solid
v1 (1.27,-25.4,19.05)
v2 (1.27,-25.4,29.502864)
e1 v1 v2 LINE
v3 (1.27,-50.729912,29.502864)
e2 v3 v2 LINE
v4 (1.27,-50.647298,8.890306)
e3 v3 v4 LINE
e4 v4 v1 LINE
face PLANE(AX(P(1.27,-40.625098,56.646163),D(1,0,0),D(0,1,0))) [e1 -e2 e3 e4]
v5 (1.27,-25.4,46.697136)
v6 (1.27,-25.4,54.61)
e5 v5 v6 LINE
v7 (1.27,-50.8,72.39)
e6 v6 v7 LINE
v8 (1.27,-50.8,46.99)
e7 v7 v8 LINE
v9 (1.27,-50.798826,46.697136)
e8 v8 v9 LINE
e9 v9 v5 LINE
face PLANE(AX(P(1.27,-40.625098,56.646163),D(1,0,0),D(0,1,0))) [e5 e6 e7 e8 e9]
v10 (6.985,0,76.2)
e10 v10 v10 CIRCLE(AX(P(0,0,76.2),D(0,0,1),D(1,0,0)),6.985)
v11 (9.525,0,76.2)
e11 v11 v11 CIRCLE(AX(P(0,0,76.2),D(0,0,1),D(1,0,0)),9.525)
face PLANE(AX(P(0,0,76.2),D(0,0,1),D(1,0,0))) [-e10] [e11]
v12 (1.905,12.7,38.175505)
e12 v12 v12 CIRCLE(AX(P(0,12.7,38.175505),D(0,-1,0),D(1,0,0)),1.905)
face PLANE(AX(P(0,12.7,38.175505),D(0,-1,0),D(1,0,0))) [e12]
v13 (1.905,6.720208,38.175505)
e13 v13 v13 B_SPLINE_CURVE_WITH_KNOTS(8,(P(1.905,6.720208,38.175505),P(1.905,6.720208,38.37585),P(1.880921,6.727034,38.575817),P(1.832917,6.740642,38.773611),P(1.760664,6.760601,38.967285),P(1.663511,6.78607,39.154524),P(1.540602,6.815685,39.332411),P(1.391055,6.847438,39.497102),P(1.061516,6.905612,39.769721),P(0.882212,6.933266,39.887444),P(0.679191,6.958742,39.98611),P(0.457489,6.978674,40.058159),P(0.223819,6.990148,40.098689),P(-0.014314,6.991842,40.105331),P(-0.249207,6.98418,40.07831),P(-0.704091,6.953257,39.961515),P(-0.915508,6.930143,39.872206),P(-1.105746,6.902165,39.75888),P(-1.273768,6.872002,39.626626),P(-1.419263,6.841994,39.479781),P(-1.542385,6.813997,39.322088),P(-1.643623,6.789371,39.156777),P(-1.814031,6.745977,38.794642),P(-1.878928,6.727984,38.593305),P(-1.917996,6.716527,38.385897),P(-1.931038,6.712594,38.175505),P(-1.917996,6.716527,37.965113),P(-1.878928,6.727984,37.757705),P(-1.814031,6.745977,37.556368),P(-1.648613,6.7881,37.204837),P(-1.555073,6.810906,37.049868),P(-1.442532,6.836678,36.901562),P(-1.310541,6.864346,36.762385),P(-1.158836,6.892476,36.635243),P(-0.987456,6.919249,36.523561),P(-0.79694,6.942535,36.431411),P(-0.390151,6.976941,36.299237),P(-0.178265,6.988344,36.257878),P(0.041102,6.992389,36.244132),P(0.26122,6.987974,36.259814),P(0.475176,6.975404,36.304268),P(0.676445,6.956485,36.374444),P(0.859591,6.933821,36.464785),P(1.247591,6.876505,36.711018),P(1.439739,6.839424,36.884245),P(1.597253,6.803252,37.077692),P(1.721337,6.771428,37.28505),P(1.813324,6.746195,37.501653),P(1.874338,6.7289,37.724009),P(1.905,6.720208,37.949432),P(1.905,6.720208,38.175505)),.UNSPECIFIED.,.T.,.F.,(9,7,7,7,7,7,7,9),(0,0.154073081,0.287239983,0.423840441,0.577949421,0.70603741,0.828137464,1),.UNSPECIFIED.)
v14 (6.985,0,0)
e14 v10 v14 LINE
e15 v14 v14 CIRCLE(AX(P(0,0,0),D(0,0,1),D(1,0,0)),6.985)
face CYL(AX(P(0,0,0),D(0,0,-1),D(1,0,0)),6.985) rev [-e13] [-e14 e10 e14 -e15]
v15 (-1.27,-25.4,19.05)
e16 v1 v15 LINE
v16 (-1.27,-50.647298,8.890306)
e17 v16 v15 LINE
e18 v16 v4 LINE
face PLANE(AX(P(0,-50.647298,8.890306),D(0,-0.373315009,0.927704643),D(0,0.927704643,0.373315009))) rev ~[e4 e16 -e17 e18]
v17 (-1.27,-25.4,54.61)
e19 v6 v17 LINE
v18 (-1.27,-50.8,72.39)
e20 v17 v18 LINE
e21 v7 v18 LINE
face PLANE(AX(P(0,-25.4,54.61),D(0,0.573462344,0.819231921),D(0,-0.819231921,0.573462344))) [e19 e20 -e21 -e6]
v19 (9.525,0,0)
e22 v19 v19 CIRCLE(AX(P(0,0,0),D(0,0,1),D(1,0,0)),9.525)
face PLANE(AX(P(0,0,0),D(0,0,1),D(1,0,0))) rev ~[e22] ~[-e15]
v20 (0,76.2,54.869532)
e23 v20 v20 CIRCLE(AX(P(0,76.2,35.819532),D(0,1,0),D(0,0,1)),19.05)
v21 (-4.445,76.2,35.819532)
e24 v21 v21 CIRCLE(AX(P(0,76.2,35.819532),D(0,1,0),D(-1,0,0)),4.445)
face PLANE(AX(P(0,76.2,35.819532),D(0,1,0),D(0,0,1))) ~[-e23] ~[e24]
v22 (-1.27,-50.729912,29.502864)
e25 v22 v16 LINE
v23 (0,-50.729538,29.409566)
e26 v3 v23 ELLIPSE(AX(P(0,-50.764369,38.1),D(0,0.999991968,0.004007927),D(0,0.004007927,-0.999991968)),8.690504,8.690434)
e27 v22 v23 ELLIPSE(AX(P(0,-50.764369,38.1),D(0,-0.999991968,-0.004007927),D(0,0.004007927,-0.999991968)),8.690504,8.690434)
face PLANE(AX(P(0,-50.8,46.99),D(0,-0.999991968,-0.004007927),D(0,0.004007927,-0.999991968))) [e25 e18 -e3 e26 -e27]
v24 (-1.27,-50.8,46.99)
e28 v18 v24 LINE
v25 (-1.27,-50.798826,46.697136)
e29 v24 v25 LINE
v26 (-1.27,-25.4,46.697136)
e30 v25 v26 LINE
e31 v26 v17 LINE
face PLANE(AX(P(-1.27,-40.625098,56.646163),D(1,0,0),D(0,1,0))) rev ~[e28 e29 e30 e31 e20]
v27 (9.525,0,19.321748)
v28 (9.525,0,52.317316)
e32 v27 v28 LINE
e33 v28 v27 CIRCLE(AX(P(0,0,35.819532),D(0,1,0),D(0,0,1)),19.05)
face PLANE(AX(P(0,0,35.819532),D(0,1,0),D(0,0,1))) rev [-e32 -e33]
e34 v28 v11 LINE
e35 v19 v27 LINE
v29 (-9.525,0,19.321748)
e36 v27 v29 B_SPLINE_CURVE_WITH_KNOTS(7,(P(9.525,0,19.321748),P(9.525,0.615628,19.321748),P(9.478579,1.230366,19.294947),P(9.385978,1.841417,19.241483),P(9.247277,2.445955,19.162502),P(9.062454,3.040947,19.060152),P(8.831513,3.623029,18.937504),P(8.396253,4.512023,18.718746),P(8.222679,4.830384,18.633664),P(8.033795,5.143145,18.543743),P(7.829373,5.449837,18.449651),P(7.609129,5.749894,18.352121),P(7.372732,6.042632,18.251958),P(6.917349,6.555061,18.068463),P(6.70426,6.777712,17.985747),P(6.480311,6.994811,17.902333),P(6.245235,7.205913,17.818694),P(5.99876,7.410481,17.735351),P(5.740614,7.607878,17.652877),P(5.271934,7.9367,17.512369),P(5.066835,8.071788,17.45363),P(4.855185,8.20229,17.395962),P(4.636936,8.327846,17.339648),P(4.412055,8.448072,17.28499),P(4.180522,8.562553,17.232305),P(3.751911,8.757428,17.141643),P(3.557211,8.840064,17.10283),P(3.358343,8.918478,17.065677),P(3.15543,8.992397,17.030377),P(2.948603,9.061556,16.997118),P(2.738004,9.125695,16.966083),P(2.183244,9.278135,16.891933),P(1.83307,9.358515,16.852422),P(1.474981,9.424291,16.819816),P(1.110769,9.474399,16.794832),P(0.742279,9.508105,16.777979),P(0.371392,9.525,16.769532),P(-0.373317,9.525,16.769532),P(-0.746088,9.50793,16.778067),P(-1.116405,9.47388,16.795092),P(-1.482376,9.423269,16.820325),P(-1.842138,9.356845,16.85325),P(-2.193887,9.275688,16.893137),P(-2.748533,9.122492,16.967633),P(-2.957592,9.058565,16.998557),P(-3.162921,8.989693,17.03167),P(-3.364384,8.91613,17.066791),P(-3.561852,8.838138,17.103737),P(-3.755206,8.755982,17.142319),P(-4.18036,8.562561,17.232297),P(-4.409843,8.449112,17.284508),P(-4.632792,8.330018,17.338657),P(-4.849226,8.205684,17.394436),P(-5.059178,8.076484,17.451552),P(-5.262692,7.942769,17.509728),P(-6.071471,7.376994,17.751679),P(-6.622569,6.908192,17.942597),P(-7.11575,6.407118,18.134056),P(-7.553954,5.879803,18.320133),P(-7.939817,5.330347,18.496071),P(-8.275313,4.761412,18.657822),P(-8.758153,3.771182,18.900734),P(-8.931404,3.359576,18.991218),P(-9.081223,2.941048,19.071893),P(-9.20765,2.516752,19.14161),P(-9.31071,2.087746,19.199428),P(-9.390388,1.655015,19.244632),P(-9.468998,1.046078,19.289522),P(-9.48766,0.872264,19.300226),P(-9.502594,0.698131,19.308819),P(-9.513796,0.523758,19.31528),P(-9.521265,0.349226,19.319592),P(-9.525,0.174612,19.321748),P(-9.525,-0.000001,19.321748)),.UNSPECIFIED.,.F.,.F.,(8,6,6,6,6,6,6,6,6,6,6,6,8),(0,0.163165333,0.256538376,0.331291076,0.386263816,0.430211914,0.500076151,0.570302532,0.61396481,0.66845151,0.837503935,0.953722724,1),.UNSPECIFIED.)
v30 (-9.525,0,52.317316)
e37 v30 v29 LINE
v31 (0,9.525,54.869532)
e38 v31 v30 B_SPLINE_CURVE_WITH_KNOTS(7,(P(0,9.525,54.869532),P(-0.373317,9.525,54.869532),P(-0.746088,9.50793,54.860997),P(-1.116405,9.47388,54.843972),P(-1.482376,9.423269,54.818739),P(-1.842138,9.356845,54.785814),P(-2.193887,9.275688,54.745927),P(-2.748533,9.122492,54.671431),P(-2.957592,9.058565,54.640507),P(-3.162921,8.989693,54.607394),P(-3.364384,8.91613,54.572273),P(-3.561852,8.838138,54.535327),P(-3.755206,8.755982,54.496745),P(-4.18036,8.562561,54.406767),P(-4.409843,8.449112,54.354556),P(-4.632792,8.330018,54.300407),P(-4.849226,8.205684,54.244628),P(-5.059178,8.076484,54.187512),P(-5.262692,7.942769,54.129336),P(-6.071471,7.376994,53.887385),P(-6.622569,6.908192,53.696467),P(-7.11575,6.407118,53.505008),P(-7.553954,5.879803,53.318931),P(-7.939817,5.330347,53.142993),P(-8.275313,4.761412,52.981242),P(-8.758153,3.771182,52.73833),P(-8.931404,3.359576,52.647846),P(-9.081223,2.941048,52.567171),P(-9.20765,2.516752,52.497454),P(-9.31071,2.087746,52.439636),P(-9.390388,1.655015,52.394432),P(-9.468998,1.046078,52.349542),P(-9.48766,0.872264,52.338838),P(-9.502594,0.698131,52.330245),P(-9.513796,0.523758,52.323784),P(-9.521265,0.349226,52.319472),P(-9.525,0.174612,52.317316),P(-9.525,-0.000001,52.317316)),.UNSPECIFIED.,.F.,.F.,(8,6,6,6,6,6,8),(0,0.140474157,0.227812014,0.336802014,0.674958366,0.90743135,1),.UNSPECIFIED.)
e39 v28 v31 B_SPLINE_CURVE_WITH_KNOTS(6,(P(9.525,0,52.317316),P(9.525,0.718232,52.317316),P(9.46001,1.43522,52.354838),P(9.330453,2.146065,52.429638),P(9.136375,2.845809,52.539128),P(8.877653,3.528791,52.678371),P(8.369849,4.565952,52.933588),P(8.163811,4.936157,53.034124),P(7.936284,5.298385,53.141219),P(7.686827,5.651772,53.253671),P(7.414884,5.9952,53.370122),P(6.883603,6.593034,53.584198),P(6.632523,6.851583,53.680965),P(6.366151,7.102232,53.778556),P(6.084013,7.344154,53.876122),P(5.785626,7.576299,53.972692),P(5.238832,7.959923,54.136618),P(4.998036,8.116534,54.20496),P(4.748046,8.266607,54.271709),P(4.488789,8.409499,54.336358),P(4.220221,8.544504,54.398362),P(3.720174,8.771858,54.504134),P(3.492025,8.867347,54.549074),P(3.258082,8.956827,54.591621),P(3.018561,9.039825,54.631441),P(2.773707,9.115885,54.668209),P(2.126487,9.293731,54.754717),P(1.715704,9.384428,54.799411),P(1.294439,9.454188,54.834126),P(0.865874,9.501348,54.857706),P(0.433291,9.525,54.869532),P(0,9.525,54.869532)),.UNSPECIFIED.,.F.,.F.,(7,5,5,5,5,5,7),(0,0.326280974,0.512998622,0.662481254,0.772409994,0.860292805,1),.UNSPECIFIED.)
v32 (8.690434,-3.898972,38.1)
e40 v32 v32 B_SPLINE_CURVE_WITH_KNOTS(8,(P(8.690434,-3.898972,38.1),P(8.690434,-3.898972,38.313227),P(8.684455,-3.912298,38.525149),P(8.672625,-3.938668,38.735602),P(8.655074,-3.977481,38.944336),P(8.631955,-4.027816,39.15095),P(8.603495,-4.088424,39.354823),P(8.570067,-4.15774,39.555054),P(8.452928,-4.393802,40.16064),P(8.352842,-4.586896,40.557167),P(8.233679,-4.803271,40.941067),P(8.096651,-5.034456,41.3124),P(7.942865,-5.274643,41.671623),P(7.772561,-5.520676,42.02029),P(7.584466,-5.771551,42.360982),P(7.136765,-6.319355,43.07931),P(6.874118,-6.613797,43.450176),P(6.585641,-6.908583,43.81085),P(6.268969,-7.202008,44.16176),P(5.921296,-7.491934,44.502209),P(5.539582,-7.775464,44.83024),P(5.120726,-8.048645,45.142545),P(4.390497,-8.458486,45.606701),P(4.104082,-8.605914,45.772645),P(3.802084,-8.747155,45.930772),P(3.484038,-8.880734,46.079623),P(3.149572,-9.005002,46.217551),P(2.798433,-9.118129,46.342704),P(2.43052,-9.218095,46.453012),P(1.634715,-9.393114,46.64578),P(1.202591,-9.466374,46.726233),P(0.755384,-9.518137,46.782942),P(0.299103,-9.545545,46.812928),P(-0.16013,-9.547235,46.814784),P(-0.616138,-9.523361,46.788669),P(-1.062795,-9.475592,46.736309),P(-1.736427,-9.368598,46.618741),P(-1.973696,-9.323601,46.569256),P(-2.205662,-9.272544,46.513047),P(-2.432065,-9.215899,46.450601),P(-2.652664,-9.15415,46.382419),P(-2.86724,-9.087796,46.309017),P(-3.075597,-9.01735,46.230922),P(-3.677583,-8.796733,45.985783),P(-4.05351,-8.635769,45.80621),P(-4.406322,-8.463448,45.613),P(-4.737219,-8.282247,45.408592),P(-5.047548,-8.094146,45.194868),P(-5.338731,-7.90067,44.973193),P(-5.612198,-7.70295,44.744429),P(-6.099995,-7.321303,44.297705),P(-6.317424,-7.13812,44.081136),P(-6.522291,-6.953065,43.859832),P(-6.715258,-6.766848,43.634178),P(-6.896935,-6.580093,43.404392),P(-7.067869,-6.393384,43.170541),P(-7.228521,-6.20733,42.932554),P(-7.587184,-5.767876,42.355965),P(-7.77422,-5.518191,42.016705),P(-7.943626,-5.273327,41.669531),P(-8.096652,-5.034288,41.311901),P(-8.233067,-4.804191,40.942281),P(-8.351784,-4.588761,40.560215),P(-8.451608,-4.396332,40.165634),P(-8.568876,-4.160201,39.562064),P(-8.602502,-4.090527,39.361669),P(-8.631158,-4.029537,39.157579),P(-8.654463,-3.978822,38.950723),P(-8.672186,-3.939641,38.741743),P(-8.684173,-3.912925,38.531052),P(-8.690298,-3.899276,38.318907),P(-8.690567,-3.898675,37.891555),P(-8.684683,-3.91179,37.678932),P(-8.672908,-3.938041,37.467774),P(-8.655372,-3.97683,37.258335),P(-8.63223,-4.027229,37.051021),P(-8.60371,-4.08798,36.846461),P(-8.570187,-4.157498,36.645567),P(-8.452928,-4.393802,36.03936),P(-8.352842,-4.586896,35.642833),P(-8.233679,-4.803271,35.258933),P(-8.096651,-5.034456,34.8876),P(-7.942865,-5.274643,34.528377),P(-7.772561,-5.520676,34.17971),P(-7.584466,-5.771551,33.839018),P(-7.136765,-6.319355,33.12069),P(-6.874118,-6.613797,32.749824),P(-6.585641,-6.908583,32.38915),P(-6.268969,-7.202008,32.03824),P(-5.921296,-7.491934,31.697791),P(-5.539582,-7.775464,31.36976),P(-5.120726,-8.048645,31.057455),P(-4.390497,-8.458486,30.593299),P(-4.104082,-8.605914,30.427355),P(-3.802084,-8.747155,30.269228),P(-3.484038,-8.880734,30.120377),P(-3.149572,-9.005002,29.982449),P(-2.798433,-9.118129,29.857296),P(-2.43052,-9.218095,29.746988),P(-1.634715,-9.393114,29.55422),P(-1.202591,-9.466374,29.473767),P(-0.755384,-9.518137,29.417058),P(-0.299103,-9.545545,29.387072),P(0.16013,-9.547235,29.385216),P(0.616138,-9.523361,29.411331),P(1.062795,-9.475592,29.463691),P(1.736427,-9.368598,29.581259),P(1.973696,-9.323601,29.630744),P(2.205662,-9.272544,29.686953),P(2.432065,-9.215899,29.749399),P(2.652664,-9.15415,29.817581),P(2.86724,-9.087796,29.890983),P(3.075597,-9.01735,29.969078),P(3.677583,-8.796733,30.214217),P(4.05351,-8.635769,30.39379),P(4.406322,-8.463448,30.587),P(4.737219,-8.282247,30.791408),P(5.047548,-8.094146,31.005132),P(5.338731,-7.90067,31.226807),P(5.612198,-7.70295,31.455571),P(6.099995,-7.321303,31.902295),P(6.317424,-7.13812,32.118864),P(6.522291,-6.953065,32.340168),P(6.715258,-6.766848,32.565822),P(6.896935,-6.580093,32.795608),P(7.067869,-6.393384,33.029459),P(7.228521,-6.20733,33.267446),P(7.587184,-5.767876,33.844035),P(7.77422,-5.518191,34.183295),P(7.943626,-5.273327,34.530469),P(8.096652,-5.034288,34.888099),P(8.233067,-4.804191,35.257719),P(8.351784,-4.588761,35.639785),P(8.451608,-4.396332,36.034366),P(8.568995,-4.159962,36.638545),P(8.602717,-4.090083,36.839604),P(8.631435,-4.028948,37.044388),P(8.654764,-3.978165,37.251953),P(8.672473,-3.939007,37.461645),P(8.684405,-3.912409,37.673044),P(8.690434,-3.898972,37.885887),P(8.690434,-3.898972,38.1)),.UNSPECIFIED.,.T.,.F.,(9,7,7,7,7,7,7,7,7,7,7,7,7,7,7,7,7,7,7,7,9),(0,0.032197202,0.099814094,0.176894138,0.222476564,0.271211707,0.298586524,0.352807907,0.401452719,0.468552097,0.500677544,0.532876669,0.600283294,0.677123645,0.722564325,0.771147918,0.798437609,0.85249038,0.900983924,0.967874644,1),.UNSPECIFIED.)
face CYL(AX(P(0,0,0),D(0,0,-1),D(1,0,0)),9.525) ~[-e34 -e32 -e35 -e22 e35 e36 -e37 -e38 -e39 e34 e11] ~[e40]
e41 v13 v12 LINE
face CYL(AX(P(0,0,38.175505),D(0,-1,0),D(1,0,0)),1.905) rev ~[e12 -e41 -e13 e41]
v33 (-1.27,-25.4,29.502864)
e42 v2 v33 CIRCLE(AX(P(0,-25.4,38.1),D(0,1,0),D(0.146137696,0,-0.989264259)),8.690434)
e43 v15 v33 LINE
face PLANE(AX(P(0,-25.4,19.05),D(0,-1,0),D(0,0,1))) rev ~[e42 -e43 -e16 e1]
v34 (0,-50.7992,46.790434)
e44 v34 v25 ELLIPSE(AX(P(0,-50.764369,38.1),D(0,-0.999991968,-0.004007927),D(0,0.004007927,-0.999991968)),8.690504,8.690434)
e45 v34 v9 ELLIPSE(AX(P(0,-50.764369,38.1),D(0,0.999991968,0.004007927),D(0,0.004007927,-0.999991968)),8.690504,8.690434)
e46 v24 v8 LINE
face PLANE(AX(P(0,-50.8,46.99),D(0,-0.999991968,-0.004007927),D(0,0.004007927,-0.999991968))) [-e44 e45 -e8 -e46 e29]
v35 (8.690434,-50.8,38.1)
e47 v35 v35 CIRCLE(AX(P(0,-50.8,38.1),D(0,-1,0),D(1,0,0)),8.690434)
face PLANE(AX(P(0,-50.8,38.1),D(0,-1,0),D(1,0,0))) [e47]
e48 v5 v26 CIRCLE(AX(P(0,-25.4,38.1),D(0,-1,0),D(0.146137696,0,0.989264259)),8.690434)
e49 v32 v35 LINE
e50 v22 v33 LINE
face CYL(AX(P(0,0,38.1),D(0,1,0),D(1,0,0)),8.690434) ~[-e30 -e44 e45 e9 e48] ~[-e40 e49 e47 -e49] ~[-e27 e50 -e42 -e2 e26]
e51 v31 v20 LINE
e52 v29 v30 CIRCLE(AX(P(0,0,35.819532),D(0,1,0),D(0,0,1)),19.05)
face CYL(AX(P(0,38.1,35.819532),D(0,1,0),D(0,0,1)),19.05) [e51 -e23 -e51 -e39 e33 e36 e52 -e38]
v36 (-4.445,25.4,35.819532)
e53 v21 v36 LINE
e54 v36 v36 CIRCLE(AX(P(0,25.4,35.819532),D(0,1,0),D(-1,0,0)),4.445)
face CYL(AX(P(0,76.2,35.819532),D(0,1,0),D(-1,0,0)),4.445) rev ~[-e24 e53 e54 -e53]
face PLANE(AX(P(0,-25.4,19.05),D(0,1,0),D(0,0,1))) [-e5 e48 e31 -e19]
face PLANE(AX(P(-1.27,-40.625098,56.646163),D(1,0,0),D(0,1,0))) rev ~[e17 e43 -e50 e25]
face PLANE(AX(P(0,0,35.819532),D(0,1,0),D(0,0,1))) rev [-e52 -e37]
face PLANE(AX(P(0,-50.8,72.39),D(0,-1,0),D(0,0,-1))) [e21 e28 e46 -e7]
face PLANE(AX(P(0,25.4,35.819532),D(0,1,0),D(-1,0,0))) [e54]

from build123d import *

# Parameters (mm, degrees)
F0_R          = 9.525
F0_R_2        = 6.985
F1_DEPTH      = 76.2
F2_R          = 8.690434
F3_DEPTH      = 50.8
F5_DEPTH      = 1.27
F5_DEPTH_BACK = 1.27
F6_R          = 6.985
F7_DEPTH      = 76.2
F8_W          = 76.2
F8_H          = 19.05
F10_R         = 4.445
F11_DEPTH     = 50.8
F12_DEPTH     = 87.884
F13_R         = 1.905
F14_DEPTH     = 12.7


with BuildPart() as f1:
    # F0 (on Top) → F1 (new body)
    with BuildSketch(Plane.XY):
        Circle(F0_R)
        Circle(F0_R_2, mode=Mode.SUBTRACT)
    extrude(amount=F1_DEPTH)

    # F2 (on Front) → F3 (join)
    with BuildSketch(Plane.XZ):
        with Locations((0, 38.1)):
            Circle(F2_R)
    extrude(amount=F3_DEPTH)

    # F4 (on Right) → F5 (join, two sides)
    with BuildSketch(Plane.YZ) as f5_sk:
        Polygon((-50.8, 72.39), (-50.8, 46.99), (-25.4, 46.99), (-25.4, 54.61), align=None)
        Polygon((-25.4, 46.99), (-50.8, 46.99), (-50.647298, 8.890306), (-25.4, 19.05), align=None)
    extrude(amount=F5_DEPTH)
    extrude(f5_sk.sketch, amount=-F5_DEPTH_BACK)

    # F6 (on Top) → F7 (cut)
    with BuildSketch(Plane.XY):
        Circle(F6_R)
    extrude(amount=F7_DEPTH, mode=Mode.SUBTRACT)

    # F8 (on Right) → F9 (revolve)
    with BuildSketch(Plane.YZ):
        with Locations((38.1, 45.344532)):
            Rectangle(F8_W, F8_H)
    revolve(axis=Axis((0, 44.6622, 35.819532), (0, 1, 0)))

    # F10 (on face) → F11 (cut)
    with BuildSketch(Plane(origin=(0, 76.2, 0), x_dir=(-1, 0, 0), z_dir=(0, 1, 0))):
        with Locations((0, 35.819532)):
            Circle(F10_R)
    extrude(amount=-F11_DEPTH, mode=Mode.SUBTRACT)

    # F6 (on Top) → F12 (cut)
    with BuildSketch(Plane.XY):
        Circle(F6_R)
    extrude(amount=F12_DEPTH, mode=Mode.SUBTRACT)

    # F13 (on Front) → F14 (cut)
    with BuildSketch(Plane.XZ):
        with Locations((0, 38.175505)):
            Circle(F13_R)
    extrude(amount=-F14_DEPTH, mode=Mode.SUBTRACT)


solid = f1.part
